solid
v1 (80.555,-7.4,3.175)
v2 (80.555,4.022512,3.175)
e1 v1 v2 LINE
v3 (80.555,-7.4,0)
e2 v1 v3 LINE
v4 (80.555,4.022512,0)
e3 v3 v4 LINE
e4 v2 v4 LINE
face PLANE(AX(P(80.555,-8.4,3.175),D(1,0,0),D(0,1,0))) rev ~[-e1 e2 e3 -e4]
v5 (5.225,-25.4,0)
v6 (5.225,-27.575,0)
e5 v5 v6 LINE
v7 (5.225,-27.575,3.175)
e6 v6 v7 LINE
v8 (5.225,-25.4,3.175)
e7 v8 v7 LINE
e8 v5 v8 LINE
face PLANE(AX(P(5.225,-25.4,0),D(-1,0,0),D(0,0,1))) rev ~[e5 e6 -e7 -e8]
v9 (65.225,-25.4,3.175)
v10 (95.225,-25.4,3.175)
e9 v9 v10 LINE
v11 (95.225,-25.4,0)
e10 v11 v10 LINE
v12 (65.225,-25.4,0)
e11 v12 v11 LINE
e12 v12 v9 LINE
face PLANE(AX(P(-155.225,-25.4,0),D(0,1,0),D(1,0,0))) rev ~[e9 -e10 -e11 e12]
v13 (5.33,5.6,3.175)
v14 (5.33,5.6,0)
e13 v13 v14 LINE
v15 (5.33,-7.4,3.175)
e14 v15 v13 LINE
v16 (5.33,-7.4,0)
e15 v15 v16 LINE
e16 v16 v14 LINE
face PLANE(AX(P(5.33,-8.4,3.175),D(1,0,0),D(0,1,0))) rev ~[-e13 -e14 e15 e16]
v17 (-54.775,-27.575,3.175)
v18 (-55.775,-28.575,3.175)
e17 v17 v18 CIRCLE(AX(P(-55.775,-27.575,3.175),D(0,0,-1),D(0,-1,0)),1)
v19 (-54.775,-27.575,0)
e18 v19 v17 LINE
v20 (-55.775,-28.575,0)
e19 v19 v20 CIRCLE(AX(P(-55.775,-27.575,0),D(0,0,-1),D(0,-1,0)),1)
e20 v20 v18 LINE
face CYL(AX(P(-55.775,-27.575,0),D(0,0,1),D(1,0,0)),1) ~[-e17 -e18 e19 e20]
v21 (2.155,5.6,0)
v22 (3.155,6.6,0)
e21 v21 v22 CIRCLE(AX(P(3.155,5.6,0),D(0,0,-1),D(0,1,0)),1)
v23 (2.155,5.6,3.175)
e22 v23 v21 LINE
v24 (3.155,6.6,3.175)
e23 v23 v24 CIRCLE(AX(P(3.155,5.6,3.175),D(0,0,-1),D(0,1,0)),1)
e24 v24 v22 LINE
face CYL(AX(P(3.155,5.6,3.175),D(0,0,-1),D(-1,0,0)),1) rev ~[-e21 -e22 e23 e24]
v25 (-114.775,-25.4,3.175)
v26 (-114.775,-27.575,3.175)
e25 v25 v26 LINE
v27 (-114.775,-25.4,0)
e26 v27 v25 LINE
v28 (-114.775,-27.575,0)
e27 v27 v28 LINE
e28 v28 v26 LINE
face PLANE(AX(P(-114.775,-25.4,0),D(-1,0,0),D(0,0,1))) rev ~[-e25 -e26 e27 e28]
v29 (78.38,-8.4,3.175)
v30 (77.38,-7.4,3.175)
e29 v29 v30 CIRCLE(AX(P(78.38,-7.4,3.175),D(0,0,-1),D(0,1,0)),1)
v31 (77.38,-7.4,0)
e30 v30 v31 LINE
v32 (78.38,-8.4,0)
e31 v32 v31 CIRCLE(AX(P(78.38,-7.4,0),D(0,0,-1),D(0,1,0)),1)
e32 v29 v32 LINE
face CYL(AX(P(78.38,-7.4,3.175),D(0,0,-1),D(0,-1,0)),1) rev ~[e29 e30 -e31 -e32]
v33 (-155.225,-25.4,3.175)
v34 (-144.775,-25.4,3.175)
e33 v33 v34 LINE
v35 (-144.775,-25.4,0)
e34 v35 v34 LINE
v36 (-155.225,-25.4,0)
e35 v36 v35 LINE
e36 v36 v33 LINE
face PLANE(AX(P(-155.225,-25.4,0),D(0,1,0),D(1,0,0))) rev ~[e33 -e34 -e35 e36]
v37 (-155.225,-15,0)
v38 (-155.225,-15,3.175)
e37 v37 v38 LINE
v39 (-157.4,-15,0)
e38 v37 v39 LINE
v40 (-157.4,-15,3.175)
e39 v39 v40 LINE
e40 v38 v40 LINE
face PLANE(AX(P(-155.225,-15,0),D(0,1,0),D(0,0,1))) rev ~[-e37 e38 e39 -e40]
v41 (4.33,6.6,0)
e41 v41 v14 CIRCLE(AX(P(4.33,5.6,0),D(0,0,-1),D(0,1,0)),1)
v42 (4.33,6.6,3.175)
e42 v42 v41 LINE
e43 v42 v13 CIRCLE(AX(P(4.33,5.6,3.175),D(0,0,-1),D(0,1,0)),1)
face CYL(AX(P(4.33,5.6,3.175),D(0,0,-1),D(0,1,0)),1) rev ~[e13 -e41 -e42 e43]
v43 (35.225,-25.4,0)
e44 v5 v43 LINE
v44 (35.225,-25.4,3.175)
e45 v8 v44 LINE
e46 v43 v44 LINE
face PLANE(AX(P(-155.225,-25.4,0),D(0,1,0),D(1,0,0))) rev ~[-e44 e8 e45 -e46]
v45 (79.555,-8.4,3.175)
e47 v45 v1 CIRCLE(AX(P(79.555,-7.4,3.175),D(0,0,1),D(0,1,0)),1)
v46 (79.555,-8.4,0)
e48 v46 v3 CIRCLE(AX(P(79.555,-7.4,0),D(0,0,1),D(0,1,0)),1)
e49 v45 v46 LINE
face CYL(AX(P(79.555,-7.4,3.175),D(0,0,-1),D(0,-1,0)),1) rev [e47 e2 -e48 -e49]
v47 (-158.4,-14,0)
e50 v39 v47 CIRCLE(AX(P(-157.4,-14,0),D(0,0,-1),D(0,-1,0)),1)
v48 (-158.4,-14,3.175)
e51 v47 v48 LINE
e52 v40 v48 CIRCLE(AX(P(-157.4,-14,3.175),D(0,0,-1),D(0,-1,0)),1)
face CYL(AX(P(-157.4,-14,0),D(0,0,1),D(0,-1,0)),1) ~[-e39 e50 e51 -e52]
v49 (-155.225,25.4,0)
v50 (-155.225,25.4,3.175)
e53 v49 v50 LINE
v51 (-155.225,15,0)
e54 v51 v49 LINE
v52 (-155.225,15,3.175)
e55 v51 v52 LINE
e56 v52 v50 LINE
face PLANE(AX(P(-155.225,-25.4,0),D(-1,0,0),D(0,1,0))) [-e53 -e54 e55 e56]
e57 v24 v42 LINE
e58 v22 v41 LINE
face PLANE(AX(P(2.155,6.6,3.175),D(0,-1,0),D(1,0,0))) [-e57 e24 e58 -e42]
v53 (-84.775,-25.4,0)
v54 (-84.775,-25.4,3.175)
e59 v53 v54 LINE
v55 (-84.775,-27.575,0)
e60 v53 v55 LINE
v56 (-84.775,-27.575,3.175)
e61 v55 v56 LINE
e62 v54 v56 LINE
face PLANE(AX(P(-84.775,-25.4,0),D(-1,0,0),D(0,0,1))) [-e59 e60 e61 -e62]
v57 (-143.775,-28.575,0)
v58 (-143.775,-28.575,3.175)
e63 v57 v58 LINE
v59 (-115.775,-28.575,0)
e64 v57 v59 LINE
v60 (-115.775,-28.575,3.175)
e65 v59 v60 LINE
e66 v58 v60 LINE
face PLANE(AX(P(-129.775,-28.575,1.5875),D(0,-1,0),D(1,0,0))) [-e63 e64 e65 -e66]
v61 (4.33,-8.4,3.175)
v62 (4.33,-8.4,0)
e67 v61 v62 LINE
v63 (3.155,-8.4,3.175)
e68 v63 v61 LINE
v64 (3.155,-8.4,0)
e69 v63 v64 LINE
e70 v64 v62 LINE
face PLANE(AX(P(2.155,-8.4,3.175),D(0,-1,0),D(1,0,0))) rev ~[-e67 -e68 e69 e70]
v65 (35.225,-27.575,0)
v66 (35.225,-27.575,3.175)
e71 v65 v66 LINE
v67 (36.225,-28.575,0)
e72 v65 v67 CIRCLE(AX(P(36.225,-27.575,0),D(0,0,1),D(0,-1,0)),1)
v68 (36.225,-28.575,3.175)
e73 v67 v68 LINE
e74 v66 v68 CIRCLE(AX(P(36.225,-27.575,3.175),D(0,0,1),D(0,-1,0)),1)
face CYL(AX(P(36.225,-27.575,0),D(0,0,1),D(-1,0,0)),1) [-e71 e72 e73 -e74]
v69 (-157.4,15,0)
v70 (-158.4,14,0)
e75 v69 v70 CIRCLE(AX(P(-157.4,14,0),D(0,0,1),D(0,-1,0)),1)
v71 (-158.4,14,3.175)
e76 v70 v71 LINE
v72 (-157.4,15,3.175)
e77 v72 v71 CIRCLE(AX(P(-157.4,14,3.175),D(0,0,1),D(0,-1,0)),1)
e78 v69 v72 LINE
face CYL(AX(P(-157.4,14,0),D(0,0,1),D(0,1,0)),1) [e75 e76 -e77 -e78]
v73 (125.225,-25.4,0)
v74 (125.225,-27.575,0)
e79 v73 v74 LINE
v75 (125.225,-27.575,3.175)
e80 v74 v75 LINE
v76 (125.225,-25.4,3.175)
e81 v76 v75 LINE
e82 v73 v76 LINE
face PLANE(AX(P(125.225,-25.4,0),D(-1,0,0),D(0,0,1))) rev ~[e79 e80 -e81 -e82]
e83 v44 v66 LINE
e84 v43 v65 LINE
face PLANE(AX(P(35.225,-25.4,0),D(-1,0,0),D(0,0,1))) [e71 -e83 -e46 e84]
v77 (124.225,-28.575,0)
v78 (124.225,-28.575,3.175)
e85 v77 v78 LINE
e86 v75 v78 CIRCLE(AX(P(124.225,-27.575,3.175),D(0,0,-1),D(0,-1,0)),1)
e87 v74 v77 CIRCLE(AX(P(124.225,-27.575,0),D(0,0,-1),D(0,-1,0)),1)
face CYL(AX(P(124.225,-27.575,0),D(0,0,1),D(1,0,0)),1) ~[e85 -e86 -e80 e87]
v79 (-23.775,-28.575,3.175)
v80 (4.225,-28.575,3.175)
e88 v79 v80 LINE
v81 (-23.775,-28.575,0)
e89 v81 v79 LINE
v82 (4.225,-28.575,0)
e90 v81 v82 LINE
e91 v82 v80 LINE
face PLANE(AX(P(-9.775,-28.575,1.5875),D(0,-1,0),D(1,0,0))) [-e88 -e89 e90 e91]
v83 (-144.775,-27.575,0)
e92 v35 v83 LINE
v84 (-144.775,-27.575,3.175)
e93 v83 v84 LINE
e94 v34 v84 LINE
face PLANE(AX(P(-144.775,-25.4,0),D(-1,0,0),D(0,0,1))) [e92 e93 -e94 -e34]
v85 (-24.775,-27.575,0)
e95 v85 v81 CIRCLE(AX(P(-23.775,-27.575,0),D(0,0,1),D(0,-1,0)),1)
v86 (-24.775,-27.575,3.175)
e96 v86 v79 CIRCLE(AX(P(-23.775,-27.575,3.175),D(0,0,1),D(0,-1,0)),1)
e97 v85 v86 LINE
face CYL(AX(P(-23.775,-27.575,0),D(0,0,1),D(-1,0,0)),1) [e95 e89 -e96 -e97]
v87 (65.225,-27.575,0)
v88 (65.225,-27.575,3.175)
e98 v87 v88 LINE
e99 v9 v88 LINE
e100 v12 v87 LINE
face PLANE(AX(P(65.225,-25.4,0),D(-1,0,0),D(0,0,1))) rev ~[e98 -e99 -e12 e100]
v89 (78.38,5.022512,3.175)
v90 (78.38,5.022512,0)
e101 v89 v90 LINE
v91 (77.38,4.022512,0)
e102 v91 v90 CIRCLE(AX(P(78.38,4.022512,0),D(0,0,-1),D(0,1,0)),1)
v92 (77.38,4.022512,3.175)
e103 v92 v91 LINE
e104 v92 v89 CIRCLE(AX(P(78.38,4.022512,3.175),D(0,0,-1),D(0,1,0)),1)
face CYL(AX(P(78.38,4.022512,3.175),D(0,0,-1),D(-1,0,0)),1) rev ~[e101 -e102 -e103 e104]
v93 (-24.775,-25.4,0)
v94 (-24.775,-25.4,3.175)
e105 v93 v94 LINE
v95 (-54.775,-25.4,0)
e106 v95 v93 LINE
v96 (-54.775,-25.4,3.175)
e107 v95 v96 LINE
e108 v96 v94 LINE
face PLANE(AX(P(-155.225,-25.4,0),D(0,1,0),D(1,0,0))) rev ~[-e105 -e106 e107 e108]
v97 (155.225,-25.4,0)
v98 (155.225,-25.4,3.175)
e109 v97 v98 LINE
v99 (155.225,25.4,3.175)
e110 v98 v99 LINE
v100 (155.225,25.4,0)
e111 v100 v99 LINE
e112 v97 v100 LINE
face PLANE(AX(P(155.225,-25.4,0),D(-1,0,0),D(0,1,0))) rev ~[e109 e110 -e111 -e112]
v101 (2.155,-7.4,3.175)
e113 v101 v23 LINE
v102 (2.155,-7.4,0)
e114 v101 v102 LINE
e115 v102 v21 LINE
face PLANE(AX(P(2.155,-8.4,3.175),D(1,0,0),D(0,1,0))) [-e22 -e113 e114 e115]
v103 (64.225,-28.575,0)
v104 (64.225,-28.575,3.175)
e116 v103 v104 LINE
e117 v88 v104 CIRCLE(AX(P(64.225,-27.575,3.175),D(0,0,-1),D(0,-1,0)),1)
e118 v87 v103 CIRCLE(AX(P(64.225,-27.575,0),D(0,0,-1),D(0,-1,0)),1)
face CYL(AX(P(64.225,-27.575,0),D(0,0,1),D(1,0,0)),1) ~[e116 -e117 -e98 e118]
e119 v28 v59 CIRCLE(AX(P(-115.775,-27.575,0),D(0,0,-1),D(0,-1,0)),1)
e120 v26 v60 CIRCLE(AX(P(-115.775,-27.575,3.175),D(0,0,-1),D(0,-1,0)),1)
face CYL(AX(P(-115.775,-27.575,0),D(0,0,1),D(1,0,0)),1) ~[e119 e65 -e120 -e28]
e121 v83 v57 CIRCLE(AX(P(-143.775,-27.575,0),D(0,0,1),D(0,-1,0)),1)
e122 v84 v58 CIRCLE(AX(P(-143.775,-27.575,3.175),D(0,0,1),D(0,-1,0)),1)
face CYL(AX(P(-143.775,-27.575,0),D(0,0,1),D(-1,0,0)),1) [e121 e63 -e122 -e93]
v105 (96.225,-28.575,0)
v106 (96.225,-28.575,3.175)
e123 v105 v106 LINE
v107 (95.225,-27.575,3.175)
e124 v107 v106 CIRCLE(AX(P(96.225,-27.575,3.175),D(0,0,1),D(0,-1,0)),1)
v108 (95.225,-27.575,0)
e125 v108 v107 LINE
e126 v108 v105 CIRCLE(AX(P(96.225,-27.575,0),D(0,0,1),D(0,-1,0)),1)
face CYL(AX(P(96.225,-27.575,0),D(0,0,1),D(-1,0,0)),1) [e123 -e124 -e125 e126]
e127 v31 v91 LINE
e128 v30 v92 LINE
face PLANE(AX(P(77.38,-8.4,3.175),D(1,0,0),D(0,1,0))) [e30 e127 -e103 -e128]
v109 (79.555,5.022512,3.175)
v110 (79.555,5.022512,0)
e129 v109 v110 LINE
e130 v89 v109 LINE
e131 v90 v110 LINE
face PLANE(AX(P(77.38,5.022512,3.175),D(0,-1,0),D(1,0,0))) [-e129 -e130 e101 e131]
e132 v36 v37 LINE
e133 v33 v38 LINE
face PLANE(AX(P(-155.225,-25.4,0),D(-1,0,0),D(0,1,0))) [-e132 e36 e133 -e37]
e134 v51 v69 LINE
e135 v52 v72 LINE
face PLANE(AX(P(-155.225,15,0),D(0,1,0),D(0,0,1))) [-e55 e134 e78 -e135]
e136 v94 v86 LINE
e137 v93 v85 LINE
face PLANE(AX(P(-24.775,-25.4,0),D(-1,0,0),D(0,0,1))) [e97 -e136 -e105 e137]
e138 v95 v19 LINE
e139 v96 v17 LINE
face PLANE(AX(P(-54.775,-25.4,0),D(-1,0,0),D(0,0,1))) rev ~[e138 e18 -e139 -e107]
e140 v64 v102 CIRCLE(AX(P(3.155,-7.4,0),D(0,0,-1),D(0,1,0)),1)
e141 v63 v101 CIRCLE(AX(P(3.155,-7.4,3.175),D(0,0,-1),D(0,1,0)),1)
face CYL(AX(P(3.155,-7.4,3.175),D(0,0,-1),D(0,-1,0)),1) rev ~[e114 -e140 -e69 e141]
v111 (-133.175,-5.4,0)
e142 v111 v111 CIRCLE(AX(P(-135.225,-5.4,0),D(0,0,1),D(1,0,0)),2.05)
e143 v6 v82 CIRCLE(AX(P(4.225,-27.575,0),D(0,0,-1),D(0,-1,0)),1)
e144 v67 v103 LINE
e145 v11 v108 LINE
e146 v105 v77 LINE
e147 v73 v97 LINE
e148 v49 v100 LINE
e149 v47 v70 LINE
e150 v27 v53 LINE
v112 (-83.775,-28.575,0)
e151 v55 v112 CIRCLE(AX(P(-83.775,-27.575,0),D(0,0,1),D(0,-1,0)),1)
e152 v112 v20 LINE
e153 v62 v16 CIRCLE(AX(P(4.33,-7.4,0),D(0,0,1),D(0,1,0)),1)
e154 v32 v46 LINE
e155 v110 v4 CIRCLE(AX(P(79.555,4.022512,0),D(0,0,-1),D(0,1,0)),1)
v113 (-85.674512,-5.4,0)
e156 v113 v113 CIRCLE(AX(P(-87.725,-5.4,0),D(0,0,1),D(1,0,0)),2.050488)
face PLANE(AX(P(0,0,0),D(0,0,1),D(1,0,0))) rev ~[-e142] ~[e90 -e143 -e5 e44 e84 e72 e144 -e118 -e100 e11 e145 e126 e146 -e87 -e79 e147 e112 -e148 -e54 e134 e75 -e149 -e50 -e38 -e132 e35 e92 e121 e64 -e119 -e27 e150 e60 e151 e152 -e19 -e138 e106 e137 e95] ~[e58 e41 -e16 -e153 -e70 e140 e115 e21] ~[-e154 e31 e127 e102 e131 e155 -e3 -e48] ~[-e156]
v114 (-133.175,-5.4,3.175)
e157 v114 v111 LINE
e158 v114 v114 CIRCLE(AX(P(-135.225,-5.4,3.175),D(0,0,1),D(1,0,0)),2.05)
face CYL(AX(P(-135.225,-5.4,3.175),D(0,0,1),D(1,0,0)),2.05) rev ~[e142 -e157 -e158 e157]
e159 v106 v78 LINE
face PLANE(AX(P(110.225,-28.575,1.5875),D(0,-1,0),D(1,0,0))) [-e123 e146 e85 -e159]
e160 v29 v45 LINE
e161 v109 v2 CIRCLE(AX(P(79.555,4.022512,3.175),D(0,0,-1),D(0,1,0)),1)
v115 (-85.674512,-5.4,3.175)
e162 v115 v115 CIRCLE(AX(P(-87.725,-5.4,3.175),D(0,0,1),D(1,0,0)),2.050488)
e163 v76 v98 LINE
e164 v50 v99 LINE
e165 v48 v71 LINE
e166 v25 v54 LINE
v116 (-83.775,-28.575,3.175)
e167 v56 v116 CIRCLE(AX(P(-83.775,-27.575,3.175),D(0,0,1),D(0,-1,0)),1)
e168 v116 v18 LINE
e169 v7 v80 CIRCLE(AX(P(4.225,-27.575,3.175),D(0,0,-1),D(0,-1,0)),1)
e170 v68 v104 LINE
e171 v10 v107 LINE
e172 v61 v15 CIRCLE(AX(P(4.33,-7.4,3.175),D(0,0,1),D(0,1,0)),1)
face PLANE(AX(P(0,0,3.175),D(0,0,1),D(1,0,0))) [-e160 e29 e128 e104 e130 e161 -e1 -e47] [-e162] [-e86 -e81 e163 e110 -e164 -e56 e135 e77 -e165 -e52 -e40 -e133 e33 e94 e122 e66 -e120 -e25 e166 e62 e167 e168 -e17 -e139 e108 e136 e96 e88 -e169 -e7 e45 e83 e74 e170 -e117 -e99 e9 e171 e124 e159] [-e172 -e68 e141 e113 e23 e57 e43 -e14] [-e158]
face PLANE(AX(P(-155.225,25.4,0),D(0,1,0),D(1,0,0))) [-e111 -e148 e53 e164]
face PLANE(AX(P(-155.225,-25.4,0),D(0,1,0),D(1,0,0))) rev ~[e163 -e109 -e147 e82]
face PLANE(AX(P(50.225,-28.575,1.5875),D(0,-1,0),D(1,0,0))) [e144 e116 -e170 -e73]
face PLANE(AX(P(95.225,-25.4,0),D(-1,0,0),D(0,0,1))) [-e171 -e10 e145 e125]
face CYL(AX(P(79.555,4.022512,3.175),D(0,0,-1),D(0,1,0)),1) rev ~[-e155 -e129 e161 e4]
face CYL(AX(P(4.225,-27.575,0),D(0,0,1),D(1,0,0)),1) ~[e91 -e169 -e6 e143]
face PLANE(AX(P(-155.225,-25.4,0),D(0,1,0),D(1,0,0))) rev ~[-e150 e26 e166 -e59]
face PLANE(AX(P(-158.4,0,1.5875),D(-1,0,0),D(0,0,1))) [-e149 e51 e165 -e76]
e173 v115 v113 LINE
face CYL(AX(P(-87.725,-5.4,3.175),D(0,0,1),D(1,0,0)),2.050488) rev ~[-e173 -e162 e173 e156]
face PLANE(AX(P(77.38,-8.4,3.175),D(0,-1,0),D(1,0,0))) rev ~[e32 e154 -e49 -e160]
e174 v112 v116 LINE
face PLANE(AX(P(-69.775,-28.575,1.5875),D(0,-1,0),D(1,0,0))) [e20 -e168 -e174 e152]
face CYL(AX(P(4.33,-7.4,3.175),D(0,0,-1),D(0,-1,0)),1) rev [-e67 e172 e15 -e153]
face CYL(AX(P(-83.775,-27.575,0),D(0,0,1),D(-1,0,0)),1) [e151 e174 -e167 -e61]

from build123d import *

# Parameters (mm, degrees)
SKETCH1_W           = 310.45
SKETCH1_H           = 50.8
BOSS_EXTRUDE1_DEPTH = 3.175
SKETCH2_R           = 2.05
SKETCH2_R_2         = 2.050488176
SKETCH2_W           = 3.175
SKETCH2_H           = 13.42251169
SKETCH2_H_2         = 15
CUT_EXTRUDE1_DEPTH  = 4.175
SKETCH3_W           = 3.175
SKETCH3_H           = 30
BOSS_EXTRUDE2_DEPTH = 3.175
SKETCH4_W           = 30
SKETCH4_H           = 3.175
BOSS_EXTRUDE3_DEPTH = 3.175
FILLET1_R           = 1


with BuildPart() as part:
    # Sketch1 → Boss-Extrude1 (new body)
    with BuildSketch(Plane.XY):
        Rectangle(SKETCH1_W, SKETCH1_H)
    extrude(amount=BOSS_EXTRUDE1_DEPTH)

    # Sketch2 → Cut-Extrude1 (cut, through all)
    with BuildSketch(Plane.XY.offset(3.175)):
        with Locations((-135.225, -5.4)):
            Circle(SKETCH2_R)
        with Locations((-87.725, -5.4)):
            Circle(SKETCH2_R_2)
        with Locations((78.9675, -1.688744155)):
            Rectangle(SKETCH2_W, SKETCH2_H)
        with Locations((3.7425, -0.9)):
            Rectangle(SKETCH2_W, SKETCH2_H_2)
    extrude(amount=-CUT_EXTRUDE1_DEPTH, mode=Mode.SUBTRACT)

    # Sketch3 → Boss-Extrude2 (add)
    with BuildSketch(Plane.ZY.offset(155.225)):
        with Locations((1.5875, 0)):
            Rectangle(SKETCH3_W, SKETCH3_H)
    extrude(amount=BOSS_EXTRUDE2_DEPTH)

    # Sketch4 → Boss-Extrude3 (add)
    with BuildSketch(Plane.XZ.offset(25.4)):
        with Locations((110.225, 1.5875)):
            Rectangle(SKETCH4_W, SKETCH4_H)
        with Locations((50.225, 1.5875)):
            Rectangle(SKETCH4_W, SKETCH4_H)
        with Locations((-9.775, 1.5875)):
            Rectangle(SKETCH4_W, SKETCH4_H)
        with Locations((-69.775, 1.5875)):
            Rectangle(SKETCH4_W, SKETCH4_H)
        with Locations((-129.775, 1.5875)):
            Rectangle(SKETCH4_W, SKETCH4_H)
    extrude(amount=BOSS_EXTRUDE3_DEPTH)

    # Fillet1
    fillet1_edges = [part.edges().sort_by_distance(p)[0] for p in [
        (-84.775, -28.575, 1.5875),
        (-54.775, -28.575, 1.5875),
        (-144.775, -28.575, 1.5875),
        (-114.775, -28.575, 1.5875),
        (80.555, 5.02251169, 1.5875),
        (80.555, -8.4, 1.5875),
        (77.38, -8.4, 1.5875),
        (77.38, 5.02251169, 1.5875),
        (5.33, 6.6, 1.5875),
        (5.33, -8.4, 1.5875),
        (2.155, -8.4, 1.5875),
        (2.155, 6.6, 1.5875),
        (-158.4, 15, 1.5875),
        (-158.4, -15, 1.5875),
        (125.225, -28.575, 1.5875),
        (95.225, -28.575, 1.5875),
        (35.225, -28.575, 1.5875),
        (65.225, -28.575, 1.5875),
        (-24.775, -28.575, 1.5875),
        (5.225, -28.575, 1.5875),
    ]]
    fillet(fillet1_edges, radius=FILLET1_R)


solid = part.part
